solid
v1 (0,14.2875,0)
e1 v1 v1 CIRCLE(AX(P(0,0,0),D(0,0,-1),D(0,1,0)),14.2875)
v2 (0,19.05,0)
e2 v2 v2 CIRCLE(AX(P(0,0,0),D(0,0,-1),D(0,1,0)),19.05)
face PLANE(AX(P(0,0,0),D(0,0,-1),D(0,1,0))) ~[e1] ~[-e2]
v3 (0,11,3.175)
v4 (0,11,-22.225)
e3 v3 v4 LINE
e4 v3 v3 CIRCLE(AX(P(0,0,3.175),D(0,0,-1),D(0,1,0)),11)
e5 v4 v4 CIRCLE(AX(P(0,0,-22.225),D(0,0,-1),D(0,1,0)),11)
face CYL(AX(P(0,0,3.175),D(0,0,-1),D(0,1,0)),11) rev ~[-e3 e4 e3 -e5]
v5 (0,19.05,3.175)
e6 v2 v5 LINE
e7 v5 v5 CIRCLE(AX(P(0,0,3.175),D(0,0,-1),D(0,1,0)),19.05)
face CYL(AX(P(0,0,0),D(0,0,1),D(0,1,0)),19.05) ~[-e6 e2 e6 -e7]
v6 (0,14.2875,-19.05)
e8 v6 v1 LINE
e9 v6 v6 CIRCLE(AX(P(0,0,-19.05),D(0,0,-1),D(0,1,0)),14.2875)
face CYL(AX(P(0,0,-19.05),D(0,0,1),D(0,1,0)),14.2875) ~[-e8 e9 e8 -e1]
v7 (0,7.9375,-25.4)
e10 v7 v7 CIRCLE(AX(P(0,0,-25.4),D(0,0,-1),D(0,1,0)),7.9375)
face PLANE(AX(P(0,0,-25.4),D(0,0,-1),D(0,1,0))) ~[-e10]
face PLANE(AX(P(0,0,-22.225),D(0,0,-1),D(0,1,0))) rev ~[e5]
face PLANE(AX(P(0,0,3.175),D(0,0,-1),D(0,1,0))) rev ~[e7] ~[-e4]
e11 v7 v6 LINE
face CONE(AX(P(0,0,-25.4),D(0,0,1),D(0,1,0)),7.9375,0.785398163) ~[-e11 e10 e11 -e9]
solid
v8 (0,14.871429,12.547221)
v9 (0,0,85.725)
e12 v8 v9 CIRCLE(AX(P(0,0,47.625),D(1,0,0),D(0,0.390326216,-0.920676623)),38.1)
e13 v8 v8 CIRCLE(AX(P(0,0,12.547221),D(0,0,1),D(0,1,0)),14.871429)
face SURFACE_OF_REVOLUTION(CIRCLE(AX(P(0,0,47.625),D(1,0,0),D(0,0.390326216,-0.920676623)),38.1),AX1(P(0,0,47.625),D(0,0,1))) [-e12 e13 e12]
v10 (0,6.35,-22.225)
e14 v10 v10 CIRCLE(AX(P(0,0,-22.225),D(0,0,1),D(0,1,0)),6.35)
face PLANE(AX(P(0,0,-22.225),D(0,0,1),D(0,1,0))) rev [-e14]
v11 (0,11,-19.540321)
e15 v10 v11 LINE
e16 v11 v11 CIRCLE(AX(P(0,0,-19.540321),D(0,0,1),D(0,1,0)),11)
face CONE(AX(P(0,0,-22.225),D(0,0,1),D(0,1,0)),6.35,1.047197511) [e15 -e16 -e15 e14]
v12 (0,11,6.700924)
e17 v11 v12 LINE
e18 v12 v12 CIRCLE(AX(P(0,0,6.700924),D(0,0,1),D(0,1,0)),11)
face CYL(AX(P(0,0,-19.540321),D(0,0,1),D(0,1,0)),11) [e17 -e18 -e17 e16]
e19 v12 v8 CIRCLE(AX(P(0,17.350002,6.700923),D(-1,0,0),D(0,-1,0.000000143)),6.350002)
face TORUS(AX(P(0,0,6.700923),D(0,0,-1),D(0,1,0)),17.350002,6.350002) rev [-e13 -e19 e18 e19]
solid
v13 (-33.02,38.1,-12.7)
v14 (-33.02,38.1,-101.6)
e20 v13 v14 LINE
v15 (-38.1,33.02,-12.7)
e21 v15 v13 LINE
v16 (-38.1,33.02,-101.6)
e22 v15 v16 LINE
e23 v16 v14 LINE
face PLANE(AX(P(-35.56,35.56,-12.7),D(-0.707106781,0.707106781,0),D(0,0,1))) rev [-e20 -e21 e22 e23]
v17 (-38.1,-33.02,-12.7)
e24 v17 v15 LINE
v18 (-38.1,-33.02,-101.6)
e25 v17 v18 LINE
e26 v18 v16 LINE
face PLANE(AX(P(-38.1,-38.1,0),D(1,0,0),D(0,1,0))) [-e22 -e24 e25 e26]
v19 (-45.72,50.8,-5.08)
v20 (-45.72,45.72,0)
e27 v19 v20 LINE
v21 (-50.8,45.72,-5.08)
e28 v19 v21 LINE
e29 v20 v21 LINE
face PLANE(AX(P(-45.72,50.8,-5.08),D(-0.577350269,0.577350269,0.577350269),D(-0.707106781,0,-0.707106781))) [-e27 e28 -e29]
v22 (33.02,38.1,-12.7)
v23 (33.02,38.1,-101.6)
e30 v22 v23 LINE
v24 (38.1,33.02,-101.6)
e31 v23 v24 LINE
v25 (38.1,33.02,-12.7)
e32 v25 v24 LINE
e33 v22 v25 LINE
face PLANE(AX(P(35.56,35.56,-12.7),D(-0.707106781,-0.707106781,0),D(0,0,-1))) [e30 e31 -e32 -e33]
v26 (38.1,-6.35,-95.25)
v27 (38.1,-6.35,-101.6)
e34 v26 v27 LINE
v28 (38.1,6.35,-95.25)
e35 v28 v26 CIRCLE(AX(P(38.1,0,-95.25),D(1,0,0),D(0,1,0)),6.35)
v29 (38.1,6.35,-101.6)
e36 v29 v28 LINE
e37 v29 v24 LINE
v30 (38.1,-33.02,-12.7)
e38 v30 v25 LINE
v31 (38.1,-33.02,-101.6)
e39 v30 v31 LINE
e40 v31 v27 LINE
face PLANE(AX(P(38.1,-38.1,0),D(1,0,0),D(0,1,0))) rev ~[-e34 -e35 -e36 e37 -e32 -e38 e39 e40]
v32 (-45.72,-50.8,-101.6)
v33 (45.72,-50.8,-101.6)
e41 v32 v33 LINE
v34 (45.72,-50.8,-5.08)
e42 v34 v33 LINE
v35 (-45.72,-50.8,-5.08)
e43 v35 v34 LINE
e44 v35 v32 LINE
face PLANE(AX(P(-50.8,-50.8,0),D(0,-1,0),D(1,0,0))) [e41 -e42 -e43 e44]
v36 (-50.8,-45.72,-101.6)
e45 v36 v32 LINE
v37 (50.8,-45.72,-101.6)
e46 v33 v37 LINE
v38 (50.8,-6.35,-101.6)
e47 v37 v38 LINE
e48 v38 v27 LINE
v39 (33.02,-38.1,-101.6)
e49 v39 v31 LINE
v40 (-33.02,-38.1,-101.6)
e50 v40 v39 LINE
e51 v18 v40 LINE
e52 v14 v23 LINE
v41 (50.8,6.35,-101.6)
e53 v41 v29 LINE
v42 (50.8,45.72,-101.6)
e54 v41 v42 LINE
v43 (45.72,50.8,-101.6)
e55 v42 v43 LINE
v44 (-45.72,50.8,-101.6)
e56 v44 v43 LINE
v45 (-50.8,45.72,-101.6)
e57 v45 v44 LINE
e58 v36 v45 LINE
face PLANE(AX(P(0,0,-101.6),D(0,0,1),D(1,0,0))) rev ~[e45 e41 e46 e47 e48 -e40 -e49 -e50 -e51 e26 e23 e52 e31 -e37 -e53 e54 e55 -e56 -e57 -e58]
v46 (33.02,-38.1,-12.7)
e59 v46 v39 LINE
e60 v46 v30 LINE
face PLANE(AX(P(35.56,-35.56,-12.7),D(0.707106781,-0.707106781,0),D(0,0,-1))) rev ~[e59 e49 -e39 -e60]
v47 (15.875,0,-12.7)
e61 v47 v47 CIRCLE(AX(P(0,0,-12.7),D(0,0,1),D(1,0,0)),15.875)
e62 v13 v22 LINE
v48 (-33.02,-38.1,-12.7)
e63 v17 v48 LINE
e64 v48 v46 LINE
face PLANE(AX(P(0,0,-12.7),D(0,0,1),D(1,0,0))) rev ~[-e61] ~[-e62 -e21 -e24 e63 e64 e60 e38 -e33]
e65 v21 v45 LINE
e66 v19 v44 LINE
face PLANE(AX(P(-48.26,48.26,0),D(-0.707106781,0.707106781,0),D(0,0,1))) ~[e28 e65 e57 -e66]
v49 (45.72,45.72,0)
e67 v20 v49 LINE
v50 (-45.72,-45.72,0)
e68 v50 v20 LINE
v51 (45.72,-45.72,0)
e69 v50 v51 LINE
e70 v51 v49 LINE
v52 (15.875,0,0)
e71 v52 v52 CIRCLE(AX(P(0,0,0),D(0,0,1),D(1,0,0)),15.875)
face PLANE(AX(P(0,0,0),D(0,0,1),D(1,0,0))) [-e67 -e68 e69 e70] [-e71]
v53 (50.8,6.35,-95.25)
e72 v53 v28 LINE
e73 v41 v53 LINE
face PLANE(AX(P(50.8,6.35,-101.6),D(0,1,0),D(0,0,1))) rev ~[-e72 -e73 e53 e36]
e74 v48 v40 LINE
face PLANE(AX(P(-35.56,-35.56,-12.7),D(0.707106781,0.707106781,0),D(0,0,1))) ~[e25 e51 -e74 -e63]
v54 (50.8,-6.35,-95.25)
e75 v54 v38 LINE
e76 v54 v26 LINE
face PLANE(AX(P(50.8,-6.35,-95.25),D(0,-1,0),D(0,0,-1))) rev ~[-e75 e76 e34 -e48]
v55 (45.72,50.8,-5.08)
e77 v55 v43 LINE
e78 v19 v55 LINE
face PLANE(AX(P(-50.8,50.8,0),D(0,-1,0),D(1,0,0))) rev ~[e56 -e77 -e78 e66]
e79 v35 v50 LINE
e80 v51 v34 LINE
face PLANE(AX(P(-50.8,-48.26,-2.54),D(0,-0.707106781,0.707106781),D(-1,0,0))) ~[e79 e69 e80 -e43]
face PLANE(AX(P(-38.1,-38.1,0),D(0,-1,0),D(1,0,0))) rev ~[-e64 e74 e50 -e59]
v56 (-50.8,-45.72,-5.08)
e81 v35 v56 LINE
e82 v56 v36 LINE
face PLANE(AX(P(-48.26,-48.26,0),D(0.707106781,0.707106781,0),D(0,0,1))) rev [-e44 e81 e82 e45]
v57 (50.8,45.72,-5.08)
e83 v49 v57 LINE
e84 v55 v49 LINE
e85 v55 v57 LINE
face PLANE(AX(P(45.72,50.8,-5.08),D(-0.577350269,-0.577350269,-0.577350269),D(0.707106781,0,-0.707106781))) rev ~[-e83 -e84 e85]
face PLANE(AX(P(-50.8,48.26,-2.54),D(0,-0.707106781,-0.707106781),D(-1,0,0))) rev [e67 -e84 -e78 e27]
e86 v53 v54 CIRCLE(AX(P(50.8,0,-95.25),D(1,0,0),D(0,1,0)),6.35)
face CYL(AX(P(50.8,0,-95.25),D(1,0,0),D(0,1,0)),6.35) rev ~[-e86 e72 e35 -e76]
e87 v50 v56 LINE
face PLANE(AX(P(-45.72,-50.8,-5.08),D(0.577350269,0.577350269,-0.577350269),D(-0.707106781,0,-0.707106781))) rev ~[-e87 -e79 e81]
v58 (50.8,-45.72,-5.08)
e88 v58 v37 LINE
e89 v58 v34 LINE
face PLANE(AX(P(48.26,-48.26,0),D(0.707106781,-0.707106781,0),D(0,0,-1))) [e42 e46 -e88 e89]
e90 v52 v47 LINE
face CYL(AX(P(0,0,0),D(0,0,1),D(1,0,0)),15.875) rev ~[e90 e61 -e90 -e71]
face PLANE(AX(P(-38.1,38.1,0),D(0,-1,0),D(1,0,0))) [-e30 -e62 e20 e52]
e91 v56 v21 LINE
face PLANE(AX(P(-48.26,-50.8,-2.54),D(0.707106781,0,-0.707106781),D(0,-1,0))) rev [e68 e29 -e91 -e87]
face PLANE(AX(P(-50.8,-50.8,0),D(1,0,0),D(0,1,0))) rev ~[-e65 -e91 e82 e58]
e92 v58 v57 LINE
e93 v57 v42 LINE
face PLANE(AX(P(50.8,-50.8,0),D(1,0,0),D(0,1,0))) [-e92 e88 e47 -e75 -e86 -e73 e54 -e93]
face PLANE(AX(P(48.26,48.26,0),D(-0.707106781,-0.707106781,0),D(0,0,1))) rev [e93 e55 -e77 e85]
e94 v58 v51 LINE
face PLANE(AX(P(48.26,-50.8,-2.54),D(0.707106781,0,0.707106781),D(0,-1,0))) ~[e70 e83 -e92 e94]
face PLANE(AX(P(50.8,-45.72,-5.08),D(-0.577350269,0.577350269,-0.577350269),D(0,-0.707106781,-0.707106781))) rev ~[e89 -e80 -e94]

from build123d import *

# Parameters (mm, degrees)
F0_W     = 101.6
F0_H     = 101.6
F0_W_2   = 76.2
F0_H_2   = 76.2
F1_DEPTH = 101.6
F2_W     = 76.2
F2_H     = 76.2
F2_R     = 15.875
F3_DEPTH = 12.7
F5_DEPTH = 12.7
F10_SIZE = 5.08


with BuildPart() as f1:
    # F0 (on Top) → F1 (new body)
    with BuildSketch(Plane.XY):
        Rectangle(F0_W, F0_H)
        Rectangle(F0_W_2, F0_H_2, mode=Mode.SUBTRACT)
    extrude(amount=-F1_DEPTH)

    # F2 (on Top) → F3 (join)
    with BuildSketch(Plane.XY):
        Rectangle(F2_W, F2_H)
        Circle(F2_R, mode=Mode.SUBTRACT)
    extrude(amount=-F3_DEPTH)

    # F4 (on face) → F5 (cut, through all)
    with BuildSketch(Plane.YZ.offset(50.8)):
        with BuildLine():
            Line((-6.35, -95.25), (-6.35, -101.6))
            Line((-6.35, -101.6), (6.35, -101.6))
            Line((6.35, -101.6), (6.35, -95.25))
            ThreePointArc((6.35, -95.25), (0, -88.9), (-6.35, -95.25))
        make_face()
    extrude(amount=-F5_DEPTH, mode=Mode.SUBTRACT)

    # F10
    f10_edges = [f1.edges().sort_by_distance(p)[0] for p in [
        (-50.8, 0, 0),
        (0, -50.8, 0),
        (50.8, 0, 0),
        (0, 50.8, 0),
        (-50.8, -50.8, -50.8),
        (50.8, -50.8, -50.8),
        (-50.8, 50.8, -50.8),
        (50.8, 50.8, -50.8),
        (38.1, -38.1, -57.15),
        (-38.1, -38.1, -57.15),
        (38.1, 38.1, -57.15),
        (-38.1, 38.1, -57.15),
    ]]
    chamfer(f10_edges, length=F10_SIZE)


with BuildPart() as f7:
    # F6 (on Right) → F7 (revolve)
    with BuildSketch(Plane.YZ):
        Polygon((11, -22.225), (0, -22.225), (0, -25.4), (7.9375, -25.4), (14.2875, -19.05), (14.2875, 0), (19.05, 0), (19.05, 3.175), (11, 3.175), align=None)
    revolve(axis=Axis((0, 0, -12.7), (0, 0, -1)))


with BuildPart() as f9:
    # F8 (on Right) → F9 (revolve)
    with BuildSketch(Plane.YZ):
        with BuildLine():
            ThreePointArc((11, 6.700924), (12.055596, 10.206888), (14.871429, 12.547221))
            ThreePointArc((14.871429, 12.547221), (37.336801, 55.212707), (0, 85.725))
            Line((0, 85.725), (0, 9.525))
            Line((0, 9.525), (0, -22.225))
            Line((0, -22.225), (6.35, -22.225))
            Line((6.35, -22.225), (11, -19.540321))
            Line((11, -19.540321), (11, 6.700924))
        make_face()
    revolve(axis=Axis((0, 0, 47.625), (0, 0, 1)))


solid = Compound([f1.part, f7.part, f9.part])
